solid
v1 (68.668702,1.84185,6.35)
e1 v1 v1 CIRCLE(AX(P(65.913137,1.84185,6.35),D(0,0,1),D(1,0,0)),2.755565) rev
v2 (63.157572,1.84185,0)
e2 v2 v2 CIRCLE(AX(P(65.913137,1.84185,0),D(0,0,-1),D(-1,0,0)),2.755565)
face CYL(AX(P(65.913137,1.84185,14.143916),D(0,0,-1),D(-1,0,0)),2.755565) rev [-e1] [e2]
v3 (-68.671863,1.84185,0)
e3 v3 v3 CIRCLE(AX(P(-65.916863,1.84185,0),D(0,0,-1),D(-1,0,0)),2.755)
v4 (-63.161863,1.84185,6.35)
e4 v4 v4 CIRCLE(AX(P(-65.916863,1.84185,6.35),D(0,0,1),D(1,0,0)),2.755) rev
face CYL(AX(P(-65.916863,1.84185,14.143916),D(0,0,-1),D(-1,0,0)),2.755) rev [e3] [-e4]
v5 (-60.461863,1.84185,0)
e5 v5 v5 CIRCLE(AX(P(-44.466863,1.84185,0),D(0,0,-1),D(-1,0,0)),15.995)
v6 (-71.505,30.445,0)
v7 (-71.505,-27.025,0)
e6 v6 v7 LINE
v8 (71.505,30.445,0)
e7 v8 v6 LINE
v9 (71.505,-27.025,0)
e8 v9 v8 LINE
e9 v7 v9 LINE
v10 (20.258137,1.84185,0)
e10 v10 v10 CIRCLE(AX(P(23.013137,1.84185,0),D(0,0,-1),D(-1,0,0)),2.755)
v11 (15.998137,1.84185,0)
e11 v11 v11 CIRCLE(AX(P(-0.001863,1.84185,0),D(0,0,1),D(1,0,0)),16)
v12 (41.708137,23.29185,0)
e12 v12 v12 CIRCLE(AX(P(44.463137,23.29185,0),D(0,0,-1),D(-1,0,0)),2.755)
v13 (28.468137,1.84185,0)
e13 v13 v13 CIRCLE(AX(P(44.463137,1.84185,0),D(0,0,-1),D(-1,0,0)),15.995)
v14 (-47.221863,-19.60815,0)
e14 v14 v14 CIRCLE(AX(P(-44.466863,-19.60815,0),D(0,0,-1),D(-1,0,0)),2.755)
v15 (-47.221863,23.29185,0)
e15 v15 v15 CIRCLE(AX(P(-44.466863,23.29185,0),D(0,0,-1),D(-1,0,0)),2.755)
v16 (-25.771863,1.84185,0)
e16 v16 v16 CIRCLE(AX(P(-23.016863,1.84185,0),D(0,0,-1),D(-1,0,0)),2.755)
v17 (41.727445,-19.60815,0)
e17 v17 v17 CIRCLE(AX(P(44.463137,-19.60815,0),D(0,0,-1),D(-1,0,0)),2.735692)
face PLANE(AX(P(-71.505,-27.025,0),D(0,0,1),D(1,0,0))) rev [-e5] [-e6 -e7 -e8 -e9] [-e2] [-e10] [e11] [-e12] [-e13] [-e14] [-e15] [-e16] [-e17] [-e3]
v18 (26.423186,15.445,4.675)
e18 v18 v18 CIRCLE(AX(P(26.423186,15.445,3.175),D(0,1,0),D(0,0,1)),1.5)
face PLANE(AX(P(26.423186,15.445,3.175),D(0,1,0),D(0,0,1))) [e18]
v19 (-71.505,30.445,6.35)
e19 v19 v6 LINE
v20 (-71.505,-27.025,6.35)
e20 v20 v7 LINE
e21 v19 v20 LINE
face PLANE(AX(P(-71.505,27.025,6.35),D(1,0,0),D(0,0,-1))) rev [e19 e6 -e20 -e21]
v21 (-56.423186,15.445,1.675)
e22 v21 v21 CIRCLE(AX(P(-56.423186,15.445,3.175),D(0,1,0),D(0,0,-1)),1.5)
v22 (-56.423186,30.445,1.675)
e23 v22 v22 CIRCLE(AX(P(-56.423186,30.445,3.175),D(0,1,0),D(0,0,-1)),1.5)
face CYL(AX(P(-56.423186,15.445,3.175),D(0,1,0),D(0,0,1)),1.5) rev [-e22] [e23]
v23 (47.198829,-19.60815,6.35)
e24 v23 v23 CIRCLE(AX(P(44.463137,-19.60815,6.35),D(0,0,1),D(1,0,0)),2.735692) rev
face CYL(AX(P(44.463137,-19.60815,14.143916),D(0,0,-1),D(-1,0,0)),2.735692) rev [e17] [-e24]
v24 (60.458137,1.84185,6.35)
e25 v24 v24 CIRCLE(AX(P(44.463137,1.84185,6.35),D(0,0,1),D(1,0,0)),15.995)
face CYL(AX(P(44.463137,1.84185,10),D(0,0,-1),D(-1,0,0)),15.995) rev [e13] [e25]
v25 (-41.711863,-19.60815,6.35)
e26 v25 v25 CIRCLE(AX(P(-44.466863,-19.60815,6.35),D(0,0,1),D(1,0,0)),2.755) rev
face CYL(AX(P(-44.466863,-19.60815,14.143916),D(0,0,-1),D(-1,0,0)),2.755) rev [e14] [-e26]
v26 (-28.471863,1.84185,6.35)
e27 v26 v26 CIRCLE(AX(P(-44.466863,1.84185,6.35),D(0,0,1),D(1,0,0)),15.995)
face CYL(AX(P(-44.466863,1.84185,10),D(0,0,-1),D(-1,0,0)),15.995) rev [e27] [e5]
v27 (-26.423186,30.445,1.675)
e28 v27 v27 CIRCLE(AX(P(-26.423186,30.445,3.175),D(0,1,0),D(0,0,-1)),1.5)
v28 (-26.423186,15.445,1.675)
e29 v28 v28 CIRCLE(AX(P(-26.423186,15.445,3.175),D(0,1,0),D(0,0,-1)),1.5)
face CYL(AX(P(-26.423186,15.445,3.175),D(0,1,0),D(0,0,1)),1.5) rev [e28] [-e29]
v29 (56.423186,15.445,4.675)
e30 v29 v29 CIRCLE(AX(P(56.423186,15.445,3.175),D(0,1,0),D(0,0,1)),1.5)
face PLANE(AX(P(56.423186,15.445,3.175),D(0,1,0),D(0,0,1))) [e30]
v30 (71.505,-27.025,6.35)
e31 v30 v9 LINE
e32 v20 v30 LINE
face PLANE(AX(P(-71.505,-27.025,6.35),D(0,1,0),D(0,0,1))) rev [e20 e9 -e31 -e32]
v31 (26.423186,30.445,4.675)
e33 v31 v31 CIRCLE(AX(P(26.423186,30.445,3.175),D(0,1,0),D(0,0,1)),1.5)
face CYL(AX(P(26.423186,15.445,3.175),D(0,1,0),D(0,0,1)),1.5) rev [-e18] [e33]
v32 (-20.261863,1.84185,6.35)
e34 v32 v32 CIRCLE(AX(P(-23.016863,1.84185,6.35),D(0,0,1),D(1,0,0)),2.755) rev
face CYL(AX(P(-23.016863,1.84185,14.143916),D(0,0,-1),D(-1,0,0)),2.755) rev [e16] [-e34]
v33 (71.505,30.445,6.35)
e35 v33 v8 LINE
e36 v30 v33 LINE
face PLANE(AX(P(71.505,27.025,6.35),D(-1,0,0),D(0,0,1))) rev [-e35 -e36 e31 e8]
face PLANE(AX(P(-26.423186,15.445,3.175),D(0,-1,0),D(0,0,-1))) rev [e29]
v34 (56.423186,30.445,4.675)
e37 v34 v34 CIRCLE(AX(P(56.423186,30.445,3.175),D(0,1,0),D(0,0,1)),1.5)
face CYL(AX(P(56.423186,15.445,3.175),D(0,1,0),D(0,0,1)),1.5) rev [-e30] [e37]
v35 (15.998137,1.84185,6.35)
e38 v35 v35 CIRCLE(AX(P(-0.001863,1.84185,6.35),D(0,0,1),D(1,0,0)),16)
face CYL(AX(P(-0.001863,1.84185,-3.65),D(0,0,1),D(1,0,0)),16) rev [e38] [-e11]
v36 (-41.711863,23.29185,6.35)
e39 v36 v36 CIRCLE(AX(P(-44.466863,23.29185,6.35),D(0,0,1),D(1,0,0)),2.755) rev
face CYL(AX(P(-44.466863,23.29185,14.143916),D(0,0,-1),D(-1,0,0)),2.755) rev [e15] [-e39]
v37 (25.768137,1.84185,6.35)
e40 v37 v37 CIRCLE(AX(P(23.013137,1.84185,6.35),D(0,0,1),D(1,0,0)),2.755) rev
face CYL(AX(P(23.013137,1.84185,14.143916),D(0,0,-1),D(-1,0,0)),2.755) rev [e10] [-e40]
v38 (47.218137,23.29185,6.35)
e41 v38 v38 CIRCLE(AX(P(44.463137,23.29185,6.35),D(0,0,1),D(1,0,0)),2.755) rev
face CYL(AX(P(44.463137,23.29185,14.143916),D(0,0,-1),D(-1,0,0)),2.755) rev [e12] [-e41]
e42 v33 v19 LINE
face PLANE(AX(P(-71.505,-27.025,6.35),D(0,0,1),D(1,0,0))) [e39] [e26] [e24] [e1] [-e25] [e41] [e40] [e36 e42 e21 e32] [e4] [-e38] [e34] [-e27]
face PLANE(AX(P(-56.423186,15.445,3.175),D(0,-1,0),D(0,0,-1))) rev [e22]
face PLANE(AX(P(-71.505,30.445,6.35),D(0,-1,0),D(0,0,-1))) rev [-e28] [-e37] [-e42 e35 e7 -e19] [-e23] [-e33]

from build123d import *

# Parameters (mm, degrees)
ESBO_O1_W                = 143.01
ESBO_O1_H                = 54.05
RESSALTO_EXTRUS_O1_DEPTH = 6.35
ESBO_O2_R                = 2.755
ESBO_O2_R_2              = 2.755565393
ESBO_O2_R_3              = 2.735691737
CORTE_EXTRUS_O1_DEPTH    = 6.35
ESBO_O3_R                = 15.995
ESBO_O3_R_2              = 10
CORTE_EXTRUS_O2_DEPTH    = 10
ESBO_O4_W                = 143.01
ESBO_O4_H                = 3.42
RESSALTO_EXTRUS_O2_DEPTH = 6.35
ESBO_O5_R                = 16
CORTE_EXTRUS_O3_DEPTH    = 10
ESBO_O6_R                = 1.5
CORTE_EXTRUS_O4_DEPTH    = 15


with BuildPart() as part:
    # Esboço1 → Ressalto-extrusão1 (new body)
    with BuildSketch(Plane.XY):
        Rectangle(ESBO_O1_W, ESBO_O1_H)
    extrude(amount=RESSALTO_EXTRUS_O1_DEPTH)

    # Esboço2 → Corte-extrusão1 (cut)
    with BuildSketch(Plane(origin=(0, 0, 0), x_dir=(-1, 0, 0), z_dir=(0, 0, -1))):
        with Locations((-44.463136928, 23.291850449)):
            Circle(ESBO_O2_R)
        with Locations((-65.913136928, 1.841850449)):
            Circle(ESBO_O2_R_2)
        with Locations((-44.463136928, -19.608149551)):
            Circle(ESBO_O2_R_3)
        with Locations((-23.013136928, 1.841850449)):
            Circle(ESBO_O2_R)
        with Locations((23.016863072, 1.841850449)):
            Circle(ESBO_O2_R)
        with Locations((44.466863072, -19.608149551)):
            Circle(ESBO_O2_R)
        with Locations((65.916863072, 1.841850449)):
            Circle(ESBO_O2_R)
        with Locations((44.466863072, 23.291850449)):
            Circle(ESBO_O2_R)
    extrude(amount=-CORTE_EXTRUS_O1_DEPTH, mode=Mode.SUBTRACT)

    # Esboço3 → Corte-extrusão2 (cut)
    with BuildSketch(Plane(origin=(0, 0, 0), x_dir=(-1, 0, 0), z_dir=(0, 0, -1))):
        with Locations((-44.463136928, 1.841850449)):
            Circle(ESBO_O3_R)
        with Locations((0.001863072, 1.841850449)):
            Circle(ESBO_O3_R_2)
        with Locations((44.466863072, 1.841850449)):
            Circle(ESBO_O3_R)
    extrude(amount=-CORTE_EXTRUS_O2_DEPTH, mode=Mode.SUBTRACT)

    # Esboço4 → Ressalto-extrusão2 (add)
    with BuildSketch(Plane.XY):
        with Locations((0, 28.735)):
            Rectangle(ESBO_O4_W, ESBO_O4_H)
    extrude(amount=RESSALTO_EXTRUS_O2_DEPTH)

    # Esboço5 → Corte-extrusão3 (cut)
    with BuildSketch(Plane.XY.offset(6.35)):
        with Locations((-0.001863072, 1.841850449)):
            Circle(ESBO_O5_R)
    extrude(amount=-CORTE_EXTRUS_O3_DEPTH, mode=Mode.SUBTRACT)

    # Esboço6 → Corte-extrusão4 (cut)
    with BuildSketch(Plane(origin=(0, 30.445, 0), x_dir=(1, 0, 0), z_dir=(0, 1, 0))):
        with Locations(Location((56.423186497, -3.175, 0), (0, 0, 270))):
            Circle(ESBO_O6_R)
        with Locations(Location((26.423186497, -3.175, 0), (0, 0, 270))):
            Circle(ESBO_O6_R)
        with Locations(Location((-26.423186497, -3.175, 0), (0, 0, 90))):
            Circle(ESBO_O6_R)
        with Locations(Location((-56.423186497, -3.175, 0), (0, 0, 90))):
            Circle(ESBO_O6_R)
    extrude(amount=-CORTE_EXTRUS_O4_DEPTH, mode=Mode.SUBTRACT)


solid = part.part
